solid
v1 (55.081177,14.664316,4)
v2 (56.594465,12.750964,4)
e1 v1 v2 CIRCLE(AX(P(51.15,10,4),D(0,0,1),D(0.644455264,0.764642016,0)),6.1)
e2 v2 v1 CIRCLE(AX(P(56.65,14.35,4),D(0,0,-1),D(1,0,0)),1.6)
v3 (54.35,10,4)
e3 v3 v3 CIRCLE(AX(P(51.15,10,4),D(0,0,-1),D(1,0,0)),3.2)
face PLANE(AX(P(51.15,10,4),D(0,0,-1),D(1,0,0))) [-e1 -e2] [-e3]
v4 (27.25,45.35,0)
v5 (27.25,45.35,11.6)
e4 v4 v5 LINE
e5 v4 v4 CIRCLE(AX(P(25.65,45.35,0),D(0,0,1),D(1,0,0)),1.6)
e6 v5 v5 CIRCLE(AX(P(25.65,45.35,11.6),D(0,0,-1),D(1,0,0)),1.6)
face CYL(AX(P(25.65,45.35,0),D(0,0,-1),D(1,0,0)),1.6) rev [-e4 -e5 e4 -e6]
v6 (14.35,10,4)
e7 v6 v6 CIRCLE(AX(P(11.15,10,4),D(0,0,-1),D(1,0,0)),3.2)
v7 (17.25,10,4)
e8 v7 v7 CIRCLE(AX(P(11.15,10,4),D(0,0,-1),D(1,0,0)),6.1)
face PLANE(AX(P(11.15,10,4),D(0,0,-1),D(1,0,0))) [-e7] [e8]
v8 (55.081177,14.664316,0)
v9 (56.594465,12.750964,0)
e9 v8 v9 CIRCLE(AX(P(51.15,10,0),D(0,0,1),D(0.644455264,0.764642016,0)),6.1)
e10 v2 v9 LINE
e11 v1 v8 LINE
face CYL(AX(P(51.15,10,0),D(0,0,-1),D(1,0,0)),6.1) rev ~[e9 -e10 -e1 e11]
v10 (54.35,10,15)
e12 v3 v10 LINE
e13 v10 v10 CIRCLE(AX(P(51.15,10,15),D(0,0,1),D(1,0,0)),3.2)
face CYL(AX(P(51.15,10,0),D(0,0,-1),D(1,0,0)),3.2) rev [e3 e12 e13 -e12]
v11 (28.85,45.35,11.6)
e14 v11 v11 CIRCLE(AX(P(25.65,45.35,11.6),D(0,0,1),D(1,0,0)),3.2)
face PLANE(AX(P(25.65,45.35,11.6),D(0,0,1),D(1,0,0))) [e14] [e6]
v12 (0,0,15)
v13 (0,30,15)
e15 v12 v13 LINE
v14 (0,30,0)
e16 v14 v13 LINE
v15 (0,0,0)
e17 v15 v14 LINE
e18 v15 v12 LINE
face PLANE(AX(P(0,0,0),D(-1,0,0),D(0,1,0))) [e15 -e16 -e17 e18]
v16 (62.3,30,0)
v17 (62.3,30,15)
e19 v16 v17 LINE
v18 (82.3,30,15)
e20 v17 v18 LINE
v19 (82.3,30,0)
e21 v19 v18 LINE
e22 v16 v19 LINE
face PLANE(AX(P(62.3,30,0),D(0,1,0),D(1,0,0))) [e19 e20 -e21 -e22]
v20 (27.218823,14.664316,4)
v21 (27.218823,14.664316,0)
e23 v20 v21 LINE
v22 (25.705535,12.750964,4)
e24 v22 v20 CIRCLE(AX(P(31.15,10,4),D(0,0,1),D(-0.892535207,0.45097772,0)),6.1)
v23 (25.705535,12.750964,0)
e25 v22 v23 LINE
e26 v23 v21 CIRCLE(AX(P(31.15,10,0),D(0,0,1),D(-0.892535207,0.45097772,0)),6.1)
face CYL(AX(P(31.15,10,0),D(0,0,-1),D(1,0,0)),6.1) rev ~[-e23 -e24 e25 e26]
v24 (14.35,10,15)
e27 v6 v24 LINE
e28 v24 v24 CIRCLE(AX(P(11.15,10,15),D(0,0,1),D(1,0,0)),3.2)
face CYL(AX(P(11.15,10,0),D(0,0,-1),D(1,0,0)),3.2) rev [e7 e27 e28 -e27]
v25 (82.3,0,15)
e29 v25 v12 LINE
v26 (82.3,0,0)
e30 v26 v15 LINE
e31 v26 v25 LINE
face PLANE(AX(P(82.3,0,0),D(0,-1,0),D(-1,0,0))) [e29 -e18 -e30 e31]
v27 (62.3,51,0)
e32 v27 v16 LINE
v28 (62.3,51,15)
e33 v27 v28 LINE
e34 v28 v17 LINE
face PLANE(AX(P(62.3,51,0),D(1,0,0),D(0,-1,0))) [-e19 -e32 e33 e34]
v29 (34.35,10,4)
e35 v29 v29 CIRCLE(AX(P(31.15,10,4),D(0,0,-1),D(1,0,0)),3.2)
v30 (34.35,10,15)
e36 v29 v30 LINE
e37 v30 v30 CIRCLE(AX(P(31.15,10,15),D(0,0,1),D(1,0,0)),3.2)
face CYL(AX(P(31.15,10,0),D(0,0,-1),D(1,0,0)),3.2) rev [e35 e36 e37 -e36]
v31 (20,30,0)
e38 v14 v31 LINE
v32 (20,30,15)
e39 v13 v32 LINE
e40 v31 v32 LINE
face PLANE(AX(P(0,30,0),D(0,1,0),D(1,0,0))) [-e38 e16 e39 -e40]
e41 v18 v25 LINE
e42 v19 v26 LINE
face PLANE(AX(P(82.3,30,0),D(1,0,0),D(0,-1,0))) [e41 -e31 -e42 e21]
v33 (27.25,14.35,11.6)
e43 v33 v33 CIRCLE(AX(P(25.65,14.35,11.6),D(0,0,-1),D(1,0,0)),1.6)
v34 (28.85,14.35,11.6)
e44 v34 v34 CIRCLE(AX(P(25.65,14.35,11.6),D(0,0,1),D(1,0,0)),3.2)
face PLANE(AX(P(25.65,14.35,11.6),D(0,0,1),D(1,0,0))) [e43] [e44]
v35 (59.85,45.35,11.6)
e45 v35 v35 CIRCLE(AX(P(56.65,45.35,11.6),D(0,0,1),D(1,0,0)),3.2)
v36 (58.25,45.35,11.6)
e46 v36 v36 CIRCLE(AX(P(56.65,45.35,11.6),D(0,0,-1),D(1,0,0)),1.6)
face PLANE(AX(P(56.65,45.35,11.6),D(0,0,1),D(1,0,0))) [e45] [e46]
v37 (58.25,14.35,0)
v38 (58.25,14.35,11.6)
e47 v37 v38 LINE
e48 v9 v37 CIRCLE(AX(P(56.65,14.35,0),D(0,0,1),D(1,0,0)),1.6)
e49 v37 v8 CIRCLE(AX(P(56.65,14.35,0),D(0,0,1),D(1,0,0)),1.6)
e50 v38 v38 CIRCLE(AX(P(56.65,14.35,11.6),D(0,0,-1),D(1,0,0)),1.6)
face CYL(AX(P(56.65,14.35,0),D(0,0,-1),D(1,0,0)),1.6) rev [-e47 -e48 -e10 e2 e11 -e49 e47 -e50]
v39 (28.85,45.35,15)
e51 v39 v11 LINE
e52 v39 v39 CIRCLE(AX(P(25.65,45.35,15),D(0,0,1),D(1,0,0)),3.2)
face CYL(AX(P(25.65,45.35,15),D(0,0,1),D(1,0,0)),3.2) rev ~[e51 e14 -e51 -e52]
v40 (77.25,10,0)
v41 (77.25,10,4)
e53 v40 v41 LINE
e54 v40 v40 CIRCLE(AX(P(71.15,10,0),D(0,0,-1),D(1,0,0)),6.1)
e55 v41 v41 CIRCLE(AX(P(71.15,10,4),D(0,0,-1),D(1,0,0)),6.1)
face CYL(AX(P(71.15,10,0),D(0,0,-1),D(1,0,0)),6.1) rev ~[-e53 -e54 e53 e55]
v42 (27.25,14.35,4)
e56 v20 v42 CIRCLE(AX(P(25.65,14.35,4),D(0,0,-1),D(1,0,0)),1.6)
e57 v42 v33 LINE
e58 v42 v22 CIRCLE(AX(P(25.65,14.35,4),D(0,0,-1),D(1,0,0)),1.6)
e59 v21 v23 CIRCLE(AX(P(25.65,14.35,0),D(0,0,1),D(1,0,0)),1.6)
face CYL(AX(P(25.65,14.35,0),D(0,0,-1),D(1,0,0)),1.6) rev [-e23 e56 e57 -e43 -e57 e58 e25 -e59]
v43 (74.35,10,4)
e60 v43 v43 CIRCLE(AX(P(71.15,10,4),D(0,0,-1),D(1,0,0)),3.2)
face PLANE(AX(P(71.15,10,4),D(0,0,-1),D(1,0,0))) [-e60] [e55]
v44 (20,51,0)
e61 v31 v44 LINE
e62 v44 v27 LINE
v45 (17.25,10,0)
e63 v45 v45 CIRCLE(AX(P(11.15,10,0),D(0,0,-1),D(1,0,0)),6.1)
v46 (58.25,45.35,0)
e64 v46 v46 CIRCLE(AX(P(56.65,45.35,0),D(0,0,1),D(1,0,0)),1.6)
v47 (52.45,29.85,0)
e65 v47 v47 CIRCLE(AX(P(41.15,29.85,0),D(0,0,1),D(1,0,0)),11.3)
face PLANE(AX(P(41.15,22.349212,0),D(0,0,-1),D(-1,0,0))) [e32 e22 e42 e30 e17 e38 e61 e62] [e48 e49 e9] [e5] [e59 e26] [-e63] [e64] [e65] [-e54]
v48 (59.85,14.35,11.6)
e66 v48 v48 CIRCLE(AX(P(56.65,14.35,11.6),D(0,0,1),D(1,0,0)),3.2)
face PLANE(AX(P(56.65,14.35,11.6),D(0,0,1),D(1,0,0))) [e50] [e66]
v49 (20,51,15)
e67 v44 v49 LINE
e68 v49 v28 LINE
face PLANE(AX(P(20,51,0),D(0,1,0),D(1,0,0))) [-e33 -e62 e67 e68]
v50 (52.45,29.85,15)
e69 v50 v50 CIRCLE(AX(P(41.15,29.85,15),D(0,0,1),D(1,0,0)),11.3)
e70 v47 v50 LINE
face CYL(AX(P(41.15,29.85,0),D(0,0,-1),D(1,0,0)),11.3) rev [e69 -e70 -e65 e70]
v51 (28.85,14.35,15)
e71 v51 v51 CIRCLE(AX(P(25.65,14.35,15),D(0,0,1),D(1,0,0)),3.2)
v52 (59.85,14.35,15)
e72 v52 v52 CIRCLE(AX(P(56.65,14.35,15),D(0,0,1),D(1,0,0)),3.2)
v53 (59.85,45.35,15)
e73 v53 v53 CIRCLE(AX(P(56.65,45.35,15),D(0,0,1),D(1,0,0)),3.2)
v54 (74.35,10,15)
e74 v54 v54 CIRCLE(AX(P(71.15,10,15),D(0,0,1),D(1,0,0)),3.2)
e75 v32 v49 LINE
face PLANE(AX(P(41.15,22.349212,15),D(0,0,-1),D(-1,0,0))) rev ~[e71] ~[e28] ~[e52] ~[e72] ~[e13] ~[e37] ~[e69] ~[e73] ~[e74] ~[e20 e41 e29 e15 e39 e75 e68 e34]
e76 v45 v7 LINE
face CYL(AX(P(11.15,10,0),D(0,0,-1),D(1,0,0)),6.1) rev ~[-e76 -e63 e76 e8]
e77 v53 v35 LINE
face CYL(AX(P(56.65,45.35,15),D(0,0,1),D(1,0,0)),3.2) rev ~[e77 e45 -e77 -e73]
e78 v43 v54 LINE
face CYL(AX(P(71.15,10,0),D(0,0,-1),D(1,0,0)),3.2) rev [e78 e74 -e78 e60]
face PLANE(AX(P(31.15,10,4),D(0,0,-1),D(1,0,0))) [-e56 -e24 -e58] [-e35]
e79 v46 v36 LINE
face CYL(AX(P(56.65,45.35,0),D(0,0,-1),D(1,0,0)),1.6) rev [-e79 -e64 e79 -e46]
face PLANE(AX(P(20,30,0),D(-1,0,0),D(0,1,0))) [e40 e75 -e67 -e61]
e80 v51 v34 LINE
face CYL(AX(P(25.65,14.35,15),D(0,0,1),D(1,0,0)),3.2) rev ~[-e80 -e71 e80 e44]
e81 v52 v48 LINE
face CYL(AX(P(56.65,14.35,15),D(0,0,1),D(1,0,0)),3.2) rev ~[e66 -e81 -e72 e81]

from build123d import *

# Parameters (mm, degrees)
SKETCH_R        = 11.3
SKETCH_R_2      = 1.6
SKETCH_R_3      = 3.2
PAD_DEPTH       = 15
SKETCH001_R     = 3.2
POCKET_DEPTH    = 3.4
SKETCH002_R     = 6.1
POCKET001_DEPTH = 4


with BuildPart() as part:
    # Sketch → Pad (new body)
    with BuildSketch(Plane.XY):
        Polygon((20, 30), (20, 51), (62.3, 51), (62.3, 30), (82.3, 30), (82.3, 0), (0, 0), (0, 30), align=None)
        with Locations((41.15, 29.85)):
            Circle(SKETCH_R, mode=Mode.SUBTRACT)
        with Locations((25.65, 45.35)):
            Circle(SKETCH_R_2, mode=Mode.SUBTRACT)
        with Locations((25.65, 14.35)):
            Circle(SKETCH_R_2, mode=Mode.SUBTRACT)
        with Locations((56.65, 45.35)):
            Circle(SKETCH_R_2, mode=Mode.SUBTRACT)
        with Locations((56.65, 14.35)):
            Circle(SKETCH_R_2, mode=Mode.SUBTRACT)
        with Locations((11.15, 10)):
            Circle(SKETCH_R_3, mode=Mode.SUBTRACT)
        with Locations((31.15, 10)):
            Circle(SKETCH_R_3, mode=Mode.SUBTRACT)
        with Locations((51.15, 10)):
            Circle(SKETCH_R_3, mode=Mode.SUBTRACT)
        with Locations((71.15, 10)):
            Circle(SKETCH_R_3, mode=Mode.SUBTRACT)
    extrude(amount=PAD_DEPTH)

    # Sketch001 (on Face19 of Pad) → Pocket (cut)
    with BuildSketch(Plane.XY.offset(15)):
        with Locations((25.65, 45.35)):
            Circle(SKETCH001_R)
        with Locations((56.65, 45.35)):
            Circle(SKETCH001_R)
        with Locations((56.65, 14.35)):
            Circle(SKETCH001_R)
        with Locations((25.65, 14.35)):
            Circle(SKETCH001_R)
    extrude(amount=-POCKET_DEPTH, mode=Mode.SUBTRACT)

    # Sketch002 (on Face4 of Pocket) → Pocket001 (cut)
    with BuildSketch(Plane(origin=(0, 0, 0), x_dir=(1, 0, 0), z_dir=(0, 0, -1))):
        with Locations((11.15, -10)):
            Circle(SKETCH002_R)
        with Locations((31.15, -10)):
            Circle(SKETCH002_R)
        with Locations((51.15, -10)):
            Circle(SKETCH002_R)
        with Locations((71.15, -10)):
            Circle(SKETCH002_R)
    extrude(amount=-POCKET001_DEPTH, mode=Mode.SUBTRACT)


solid = part.part
